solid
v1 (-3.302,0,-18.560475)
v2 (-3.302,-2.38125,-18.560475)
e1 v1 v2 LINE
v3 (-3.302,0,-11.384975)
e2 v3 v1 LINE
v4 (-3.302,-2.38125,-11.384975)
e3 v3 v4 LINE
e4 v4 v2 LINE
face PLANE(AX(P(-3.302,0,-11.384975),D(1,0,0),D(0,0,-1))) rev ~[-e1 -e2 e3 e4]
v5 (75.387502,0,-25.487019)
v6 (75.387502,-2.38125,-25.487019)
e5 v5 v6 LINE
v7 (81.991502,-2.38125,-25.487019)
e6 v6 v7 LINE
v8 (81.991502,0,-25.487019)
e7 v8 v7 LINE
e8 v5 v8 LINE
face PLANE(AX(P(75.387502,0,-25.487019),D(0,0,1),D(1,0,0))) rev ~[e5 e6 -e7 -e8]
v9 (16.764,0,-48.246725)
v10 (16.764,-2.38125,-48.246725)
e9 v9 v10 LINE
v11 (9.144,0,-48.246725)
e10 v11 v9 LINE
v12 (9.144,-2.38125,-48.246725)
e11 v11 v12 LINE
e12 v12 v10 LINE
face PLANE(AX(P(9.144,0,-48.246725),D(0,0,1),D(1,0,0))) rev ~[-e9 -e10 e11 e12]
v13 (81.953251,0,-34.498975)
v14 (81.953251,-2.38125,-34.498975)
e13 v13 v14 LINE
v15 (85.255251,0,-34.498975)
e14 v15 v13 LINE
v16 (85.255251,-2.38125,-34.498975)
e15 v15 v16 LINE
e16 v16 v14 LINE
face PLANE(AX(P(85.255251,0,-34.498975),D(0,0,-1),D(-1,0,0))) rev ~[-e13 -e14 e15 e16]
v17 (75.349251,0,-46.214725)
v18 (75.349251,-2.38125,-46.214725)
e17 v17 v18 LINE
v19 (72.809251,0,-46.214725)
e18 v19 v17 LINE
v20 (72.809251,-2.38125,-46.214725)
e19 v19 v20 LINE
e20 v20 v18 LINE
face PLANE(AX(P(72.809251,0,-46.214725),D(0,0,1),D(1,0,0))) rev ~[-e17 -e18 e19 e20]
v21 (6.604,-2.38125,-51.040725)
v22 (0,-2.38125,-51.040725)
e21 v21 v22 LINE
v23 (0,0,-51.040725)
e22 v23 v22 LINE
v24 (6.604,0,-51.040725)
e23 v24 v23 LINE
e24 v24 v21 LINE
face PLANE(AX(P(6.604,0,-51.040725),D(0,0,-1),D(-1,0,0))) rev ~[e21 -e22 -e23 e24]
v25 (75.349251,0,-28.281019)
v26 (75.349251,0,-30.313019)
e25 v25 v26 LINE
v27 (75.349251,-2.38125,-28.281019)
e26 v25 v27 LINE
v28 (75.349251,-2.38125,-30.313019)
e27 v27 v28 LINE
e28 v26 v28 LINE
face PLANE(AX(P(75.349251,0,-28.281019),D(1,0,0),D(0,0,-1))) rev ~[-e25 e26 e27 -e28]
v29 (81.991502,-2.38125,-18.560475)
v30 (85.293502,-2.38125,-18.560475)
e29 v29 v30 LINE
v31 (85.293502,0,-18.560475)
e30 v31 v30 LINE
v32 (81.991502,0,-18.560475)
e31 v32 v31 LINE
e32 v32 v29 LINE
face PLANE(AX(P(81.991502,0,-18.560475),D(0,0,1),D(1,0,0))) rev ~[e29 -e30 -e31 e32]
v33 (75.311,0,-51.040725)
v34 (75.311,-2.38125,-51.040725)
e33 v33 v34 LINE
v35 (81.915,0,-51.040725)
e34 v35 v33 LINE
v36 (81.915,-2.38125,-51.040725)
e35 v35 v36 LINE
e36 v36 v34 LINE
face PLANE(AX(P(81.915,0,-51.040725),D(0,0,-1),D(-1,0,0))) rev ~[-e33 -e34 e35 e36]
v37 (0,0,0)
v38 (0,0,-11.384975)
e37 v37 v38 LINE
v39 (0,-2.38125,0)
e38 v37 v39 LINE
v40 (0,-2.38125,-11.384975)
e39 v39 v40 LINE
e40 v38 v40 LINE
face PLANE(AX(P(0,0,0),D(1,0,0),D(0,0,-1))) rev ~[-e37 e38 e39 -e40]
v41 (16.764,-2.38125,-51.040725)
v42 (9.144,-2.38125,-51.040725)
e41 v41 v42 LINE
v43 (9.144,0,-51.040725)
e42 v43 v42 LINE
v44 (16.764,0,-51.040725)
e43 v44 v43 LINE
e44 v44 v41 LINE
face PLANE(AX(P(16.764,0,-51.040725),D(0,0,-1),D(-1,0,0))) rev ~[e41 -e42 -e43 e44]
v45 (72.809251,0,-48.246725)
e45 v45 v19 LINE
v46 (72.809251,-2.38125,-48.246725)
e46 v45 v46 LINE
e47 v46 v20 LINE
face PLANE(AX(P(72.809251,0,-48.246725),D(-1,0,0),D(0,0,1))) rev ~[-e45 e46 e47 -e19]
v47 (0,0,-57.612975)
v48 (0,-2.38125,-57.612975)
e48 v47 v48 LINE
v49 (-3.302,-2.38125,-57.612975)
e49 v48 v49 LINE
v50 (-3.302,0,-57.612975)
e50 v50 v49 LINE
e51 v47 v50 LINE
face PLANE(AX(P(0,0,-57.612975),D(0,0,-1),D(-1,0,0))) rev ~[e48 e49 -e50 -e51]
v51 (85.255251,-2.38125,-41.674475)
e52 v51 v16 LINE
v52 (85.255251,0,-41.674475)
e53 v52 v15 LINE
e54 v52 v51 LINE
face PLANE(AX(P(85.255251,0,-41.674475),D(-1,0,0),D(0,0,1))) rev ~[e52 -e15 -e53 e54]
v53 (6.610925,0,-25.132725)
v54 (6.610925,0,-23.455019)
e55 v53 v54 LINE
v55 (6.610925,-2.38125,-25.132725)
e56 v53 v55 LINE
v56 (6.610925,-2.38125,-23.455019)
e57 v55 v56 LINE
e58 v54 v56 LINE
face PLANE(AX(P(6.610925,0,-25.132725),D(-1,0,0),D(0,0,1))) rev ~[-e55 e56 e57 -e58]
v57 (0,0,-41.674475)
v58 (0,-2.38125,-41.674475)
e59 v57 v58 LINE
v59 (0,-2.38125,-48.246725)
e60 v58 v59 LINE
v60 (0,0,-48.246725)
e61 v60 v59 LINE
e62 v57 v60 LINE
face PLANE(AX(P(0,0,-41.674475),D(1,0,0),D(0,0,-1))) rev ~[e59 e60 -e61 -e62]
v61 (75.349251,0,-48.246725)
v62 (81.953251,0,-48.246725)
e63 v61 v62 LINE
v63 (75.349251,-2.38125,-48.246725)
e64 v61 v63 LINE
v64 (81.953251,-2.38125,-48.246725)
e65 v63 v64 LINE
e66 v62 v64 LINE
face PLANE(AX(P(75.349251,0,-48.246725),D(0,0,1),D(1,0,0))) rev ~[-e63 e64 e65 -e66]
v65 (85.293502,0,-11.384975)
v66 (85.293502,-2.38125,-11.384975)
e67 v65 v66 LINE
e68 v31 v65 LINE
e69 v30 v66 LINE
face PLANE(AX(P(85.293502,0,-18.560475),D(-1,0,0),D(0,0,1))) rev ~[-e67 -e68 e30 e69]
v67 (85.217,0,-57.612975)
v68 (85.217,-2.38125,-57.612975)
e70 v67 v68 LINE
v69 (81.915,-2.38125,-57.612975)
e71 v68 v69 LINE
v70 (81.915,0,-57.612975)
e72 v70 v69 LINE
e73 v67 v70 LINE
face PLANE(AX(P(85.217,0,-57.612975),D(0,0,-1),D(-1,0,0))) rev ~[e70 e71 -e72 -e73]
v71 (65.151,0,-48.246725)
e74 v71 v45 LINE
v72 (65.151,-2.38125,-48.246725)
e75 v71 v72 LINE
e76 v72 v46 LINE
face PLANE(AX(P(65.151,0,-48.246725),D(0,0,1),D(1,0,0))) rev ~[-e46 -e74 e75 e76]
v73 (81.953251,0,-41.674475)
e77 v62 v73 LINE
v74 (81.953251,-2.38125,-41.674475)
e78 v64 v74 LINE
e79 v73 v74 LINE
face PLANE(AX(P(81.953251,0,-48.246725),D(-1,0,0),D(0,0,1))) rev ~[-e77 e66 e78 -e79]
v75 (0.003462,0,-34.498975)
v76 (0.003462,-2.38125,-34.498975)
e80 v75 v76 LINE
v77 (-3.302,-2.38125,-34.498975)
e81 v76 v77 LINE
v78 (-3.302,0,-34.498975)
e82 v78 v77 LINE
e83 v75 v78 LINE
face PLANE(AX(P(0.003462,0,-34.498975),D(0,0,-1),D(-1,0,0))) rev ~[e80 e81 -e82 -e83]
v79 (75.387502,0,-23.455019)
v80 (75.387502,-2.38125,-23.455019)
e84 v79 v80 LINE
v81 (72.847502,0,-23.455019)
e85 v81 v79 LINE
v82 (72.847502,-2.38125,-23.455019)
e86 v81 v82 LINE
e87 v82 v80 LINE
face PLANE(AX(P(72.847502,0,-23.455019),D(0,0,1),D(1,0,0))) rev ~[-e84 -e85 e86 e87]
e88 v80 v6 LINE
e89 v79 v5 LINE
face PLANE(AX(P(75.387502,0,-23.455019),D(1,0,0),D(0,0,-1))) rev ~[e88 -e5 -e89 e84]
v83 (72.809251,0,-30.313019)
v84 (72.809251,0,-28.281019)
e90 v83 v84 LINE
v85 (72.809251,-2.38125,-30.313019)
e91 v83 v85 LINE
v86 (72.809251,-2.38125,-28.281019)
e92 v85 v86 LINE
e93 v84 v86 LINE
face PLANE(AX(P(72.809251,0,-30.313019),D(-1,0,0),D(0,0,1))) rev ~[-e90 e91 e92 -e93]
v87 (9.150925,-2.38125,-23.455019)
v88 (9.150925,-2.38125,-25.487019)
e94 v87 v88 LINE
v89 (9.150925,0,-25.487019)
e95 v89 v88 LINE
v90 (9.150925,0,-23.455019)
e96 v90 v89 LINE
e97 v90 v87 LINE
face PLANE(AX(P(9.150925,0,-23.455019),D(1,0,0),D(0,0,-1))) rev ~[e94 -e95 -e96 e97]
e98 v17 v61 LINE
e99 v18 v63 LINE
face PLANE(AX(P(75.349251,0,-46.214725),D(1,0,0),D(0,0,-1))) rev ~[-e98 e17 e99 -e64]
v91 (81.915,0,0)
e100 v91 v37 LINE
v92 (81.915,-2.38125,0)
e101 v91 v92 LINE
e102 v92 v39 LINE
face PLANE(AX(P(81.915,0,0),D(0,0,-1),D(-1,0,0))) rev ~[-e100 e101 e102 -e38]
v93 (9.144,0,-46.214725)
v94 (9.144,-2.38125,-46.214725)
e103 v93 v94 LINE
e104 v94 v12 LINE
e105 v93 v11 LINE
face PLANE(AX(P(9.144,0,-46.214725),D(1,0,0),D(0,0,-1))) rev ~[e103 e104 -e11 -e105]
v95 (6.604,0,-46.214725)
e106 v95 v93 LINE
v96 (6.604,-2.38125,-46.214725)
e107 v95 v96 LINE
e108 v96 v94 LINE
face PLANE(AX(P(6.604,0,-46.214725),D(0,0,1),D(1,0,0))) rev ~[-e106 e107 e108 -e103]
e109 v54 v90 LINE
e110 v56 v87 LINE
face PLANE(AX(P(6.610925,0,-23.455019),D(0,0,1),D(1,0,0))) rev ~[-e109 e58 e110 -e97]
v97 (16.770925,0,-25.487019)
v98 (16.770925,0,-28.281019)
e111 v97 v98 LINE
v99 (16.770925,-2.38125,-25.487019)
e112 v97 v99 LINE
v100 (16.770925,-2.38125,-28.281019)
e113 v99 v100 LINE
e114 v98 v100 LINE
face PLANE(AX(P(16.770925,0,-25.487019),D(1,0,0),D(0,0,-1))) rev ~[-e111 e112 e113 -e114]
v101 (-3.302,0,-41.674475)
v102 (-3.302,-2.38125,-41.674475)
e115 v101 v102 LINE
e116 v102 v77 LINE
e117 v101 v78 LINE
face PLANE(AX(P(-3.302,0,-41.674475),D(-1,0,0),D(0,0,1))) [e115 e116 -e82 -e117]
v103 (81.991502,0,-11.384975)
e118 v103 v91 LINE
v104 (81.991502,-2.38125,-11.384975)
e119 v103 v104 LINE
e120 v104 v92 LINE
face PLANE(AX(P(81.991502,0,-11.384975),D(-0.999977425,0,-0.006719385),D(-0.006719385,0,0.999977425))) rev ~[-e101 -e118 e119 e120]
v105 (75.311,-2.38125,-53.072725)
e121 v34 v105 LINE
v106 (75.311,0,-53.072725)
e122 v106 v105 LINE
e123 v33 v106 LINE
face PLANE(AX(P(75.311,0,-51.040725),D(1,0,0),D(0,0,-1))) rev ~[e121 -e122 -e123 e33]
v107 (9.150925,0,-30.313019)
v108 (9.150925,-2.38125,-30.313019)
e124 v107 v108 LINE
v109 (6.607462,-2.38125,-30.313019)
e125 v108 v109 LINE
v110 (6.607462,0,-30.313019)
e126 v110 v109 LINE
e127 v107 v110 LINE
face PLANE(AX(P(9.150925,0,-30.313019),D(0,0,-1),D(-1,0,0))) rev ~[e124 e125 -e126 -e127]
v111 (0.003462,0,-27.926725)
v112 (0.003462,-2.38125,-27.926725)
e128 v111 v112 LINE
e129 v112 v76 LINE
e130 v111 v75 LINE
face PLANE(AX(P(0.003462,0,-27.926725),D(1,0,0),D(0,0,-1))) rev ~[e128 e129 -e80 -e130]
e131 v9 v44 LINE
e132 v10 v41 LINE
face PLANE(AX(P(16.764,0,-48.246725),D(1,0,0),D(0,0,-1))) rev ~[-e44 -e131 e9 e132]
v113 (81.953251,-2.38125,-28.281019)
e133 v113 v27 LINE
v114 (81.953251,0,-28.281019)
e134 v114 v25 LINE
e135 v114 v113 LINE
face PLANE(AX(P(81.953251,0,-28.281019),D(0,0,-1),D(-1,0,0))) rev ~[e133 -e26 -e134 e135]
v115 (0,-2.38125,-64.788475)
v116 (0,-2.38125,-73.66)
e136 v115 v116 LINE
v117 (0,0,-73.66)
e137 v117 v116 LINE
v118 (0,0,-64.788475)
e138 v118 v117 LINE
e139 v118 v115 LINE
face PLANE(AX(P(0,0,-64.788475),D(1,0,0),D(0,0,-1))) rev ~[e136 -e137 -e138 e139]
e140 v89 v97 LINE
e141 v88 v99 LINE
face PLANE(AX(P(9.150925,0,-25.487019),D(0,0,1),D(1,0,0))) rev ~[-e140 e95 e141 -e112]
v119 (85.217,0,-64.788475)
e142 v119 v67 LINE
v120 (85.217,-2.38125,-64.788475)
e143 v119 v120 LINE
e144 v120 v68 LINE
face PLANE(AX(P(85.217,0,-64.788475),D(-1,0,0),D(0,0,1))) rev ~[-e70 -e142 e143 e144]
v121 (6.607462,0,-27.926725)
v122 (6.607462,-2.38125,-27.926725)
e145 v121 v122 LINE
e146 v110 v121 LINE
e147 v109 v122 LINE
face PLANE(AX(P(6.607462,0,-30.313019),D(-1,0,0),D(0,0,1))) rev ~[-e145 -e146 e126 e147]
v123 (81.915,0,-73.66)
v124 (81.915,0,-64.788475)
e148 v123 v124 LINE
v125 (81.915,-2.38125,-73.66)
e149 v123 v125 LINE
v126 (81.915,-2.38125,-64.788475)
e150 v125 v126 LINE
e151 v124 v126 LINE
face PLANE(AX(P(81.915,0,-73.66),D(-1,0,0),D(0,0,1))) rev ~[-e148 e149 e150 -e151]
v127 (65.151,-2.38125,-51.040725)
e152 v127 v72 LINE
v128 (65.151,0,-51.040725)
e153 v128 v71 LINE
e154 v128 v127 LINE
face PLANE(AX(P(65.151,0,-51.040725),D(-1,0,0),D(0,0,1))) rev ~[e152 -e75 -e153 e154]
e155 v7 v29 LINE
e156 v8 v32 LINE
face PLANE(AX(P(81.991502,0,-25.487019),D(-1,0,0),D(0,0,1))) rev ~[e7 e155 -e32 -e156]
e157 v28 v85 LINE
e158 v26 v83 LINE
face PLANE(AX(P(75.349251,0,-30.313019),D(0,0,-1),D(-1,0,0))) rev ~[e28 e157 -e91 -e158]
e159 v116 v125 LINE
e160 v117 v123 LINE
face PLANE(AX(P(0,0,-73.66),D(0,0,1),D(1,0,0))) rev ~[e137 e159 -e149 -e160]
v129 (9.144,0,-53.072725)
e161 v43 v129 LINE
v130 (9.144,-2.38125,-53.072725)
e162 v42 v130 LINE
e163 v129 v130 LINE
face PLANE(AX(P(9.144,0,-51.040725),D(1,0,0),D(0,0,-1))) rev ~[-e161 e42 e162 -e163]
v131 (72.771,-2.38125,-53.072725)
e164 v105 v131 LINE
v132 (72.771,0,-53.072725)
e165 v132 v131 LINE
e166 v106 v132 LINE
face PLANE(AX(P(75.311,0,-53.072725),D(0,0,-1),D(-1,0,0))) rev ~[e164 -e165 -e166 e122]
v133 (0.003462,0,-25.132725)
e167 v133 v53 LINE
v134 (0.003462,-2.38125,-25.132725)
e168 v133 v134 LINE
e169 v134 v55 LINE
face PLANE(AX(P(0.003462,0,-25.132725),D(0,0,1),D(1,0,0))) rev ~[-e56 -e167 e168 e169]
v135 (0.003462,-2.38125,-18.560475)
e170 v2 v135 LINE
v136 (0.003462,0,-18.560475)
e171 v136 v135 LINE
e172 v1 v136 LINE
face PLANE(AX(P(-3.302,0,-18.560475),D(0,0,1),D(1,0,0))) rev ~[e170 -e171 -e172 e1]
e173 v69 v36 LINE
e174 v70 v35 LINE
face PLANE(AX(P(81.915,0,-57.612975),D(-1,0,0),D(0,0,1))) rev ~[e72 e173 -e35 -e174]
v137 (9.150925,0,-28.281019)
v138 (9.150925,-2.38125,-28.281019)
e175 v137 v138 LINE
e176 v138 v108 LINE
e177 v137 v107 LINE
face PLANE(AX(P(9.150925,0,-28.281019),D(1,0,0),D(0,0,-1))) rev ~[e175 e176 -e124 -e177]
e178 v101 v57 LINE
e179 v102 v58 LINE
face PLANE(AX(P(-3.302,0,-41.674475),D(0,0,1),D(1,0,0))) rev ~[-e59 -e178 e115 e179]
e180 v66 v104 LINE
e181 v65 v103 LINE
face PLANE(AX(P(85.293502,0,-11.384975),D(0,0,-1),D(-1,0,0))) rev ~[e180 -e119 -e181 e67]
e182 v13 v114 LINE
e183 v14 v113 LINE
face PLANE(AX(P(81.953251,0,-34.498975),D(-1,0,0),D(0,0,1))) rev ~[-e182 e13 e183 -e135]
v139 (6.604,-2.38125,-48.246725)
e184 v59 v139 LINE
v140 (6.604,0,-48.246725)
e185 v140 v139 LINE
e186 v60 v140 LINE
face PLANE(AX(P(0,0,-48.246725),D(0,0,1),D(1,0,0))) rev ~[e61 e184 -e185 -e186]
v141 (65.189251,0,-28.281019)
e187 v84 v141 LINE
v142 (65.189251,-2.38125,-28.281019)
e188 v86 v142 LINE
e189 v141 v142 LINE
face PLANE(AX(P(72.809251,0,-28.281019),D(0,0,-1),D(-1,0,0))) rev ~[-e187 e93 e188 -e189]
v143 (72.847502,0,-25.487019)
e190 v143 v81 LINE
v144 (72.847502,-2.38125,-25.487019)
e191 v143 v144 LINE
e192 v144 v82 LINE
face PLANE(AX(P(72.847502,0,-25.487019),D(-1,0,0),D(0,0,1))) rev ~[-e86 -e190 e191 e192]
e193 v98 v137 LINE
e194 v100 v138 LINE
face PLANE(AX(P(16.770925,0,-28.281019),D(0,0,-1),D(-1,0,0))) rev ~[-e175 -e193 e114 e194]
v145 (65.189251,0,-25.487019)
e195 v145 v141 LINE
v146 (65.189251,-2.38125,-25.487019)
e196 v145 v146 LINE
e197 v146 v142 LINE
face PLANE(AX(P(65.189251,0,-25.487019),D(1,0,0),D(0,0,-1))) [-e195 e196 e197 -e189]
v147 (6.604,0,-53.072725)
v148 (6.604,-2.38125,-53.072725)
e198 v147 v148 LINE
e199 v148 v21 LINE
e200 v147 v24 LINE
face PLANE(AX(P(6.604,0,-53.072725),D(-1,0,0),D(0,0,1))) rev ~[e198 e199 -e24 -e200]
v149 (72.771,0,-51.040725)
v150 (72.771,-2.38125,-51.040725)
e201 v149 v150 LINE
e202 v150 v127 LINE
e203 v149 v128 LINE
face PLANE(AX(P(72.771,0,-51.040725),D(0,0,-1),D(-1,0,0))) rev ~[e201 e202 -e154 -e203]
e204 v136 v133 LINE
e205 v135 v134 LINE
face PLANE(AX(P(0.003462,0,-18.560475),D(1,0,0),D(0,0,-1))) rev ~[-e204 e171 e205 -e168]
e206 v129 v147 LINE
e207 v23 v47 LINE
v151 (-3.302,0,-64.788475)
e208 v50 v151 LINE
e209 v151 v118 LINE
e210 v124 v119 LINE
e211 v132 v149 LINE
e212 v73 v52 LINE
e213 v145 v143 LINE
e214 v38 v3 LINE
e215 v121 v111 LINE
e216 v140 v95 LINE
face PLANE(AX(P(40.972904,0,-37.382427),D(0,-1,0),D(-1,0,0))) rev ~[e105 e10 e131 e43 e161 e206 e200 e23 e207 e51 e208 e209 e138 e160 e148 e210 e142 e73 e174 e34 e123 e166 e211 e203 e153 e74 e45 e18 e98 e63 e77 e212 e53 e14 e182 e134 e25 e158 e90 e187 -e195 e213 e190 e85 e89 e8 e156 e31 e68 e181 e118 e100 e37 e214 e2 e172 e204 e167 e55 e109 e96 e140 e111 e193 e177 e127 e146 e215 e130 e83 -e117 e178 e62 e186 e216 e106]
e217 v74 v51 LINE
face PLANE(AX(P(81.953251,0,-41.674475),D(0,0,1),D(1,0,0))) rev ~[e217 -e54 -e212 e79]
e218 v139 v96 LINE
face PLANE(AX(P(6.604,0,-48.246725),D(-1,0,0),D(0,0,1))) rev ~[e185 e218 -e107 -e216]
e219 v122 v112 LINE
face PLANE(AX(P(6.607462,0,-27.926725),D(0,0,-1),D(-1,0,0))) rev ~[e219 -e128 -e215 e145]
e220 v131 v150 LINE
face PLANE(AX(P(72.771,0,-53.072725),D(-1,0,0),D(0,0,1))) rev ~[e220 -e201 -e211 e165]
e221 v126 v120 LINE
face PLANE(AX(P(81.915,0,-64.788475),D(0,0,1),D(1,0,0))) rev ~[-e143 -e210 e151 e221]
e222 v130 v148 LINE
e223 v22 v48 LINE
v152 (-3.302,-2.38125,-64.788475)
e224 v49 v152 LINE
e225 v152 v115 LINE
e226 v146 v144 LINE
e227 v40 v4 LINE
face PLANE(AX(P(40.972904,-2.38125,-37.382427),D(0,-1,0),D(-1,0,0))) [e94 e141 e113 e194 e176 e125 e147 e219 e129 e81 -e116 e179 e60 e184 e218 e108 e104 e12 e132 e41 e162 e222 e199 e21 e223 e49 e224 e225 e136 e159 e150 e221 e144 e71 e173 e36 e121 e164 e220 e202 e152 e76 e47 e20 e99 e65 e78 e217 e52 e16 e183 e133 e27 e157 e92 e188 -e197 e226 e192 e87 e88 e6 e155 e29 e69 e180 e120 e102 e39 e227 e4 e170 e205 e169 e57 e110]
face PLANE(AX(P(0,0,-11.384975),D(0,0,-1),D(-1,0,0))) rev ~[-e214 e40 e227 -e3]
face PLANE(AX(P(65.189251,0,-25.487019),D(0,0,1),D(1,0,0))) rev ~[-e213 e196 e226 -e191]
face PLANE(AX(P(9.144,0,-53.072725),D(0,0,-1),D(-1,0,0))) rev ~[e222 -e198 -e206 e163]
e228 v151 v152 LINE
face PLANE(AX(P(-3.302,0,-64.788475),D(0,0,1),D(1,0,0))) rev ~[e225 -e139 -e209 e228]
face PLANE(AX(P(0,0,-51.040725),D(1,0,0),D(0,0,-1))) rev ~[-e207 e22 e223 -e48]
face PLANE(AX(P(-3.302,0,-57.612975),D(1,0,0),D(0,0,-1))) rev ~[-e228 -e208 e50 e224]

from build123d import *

# Parameters (mm, degrees)
BOSS_EXTRUDE2_DEPTH = 2.38125


with BuildPart() as part:
    # Sketch1 → Boss-Extrude2 (new body)
    with BuildSketch(Plane(origin=(0, 0, 0), x_dir=(1, 0, 0), z_dir=(0, 1, 0))):
        Polygon((0, 73.66), (81.915, 73.66), (81.915, 64.788475447), (85.217, 64.788475447), (85.217, 57.612975447), (81.915, 57.612975447), (81.915, 51.040725447), (75.311, 51.040725447), (75.311, 53.072725447), (72.771, 53.072725447), (72.771, 51.040725447), (65.151, 51.040725447), (65.151, 48.246725447), (72.809250882, 48.246725447), (72.809250882, 46.214725447), (75.349250882, 46.214725447), (75.349250882, 48.246725447), (81.953250882, 48.246725447), (81.953250882, 41.674475447), (85.255250882, 41.674475447), (85.255250882, 34.498975447), (81.953250882, 34.498975447), (81.953250882, 28.281019423), (75.349250882, 28.281019423), (75.349250882, 30.313019423), (72.809250882, 30.313019423), (72.809250882, 28.281019423), (65.189250882, 28.281019423), (65.189250882, 26.884019423), (65.189250882, 25.487019423), (72.847501763, 25.487019423), (72.847501763, 23.455019423), (75.387501763, 23.455019423), (75.387501763, 25.487019423), (81.991501763, 25.487019423), (81.991501763, 18.560475447), (85.293501763, 18.560475447), (85.293501763, 11.384975447), (81.991501763, 11.384975447), (81.915, 0), (0, 0), (0, 11.384975447), (-3.302, 11.384975447), (-3.302, 18.560475447), (0.003462387, 18.560475447), (0.003462387, 25.132725447), (6.610924774, 25.132725447), (6.610924774, 23.455019423), (9.150924774, 23.455019423), (9.150924774, 25.487019423), (16.770924774, 25.487019423), (16.770924774, 28.281019423), (9.150924774, 28.281019423), (9.150924774, 30.313019423), (6.607462387, 30.313019423), (6.607462387, 27.926725447), (0.003462387, 27.926725447), (0.003462387, 34.498975447), (-3.302, 34.498975447), (-3.302, 38.016561862), (-3.302, 41.674475447), (0, 41.674475447), (0, 48.246725447), (6.604, 48.246725447), (6.604, 46.214725447), (9.144, 46.214725447), (9.144, 48.246725447), (16.764, 48.246725447), (16.764, 51.040725447), (9.144, 51.040725447), (9.144, 53.072725447), (6.604, 53.072725447), (6.604, 51.040725447), (0, 51.040725447), (0, 57.612975447), (-3.302, 57.612975447), (-3.302, 64.788475447), (0, 64.788475447), align=None)
    extrude(amount=-BOSS_EXTRUDE2_DEPTH)


solid = part.part
